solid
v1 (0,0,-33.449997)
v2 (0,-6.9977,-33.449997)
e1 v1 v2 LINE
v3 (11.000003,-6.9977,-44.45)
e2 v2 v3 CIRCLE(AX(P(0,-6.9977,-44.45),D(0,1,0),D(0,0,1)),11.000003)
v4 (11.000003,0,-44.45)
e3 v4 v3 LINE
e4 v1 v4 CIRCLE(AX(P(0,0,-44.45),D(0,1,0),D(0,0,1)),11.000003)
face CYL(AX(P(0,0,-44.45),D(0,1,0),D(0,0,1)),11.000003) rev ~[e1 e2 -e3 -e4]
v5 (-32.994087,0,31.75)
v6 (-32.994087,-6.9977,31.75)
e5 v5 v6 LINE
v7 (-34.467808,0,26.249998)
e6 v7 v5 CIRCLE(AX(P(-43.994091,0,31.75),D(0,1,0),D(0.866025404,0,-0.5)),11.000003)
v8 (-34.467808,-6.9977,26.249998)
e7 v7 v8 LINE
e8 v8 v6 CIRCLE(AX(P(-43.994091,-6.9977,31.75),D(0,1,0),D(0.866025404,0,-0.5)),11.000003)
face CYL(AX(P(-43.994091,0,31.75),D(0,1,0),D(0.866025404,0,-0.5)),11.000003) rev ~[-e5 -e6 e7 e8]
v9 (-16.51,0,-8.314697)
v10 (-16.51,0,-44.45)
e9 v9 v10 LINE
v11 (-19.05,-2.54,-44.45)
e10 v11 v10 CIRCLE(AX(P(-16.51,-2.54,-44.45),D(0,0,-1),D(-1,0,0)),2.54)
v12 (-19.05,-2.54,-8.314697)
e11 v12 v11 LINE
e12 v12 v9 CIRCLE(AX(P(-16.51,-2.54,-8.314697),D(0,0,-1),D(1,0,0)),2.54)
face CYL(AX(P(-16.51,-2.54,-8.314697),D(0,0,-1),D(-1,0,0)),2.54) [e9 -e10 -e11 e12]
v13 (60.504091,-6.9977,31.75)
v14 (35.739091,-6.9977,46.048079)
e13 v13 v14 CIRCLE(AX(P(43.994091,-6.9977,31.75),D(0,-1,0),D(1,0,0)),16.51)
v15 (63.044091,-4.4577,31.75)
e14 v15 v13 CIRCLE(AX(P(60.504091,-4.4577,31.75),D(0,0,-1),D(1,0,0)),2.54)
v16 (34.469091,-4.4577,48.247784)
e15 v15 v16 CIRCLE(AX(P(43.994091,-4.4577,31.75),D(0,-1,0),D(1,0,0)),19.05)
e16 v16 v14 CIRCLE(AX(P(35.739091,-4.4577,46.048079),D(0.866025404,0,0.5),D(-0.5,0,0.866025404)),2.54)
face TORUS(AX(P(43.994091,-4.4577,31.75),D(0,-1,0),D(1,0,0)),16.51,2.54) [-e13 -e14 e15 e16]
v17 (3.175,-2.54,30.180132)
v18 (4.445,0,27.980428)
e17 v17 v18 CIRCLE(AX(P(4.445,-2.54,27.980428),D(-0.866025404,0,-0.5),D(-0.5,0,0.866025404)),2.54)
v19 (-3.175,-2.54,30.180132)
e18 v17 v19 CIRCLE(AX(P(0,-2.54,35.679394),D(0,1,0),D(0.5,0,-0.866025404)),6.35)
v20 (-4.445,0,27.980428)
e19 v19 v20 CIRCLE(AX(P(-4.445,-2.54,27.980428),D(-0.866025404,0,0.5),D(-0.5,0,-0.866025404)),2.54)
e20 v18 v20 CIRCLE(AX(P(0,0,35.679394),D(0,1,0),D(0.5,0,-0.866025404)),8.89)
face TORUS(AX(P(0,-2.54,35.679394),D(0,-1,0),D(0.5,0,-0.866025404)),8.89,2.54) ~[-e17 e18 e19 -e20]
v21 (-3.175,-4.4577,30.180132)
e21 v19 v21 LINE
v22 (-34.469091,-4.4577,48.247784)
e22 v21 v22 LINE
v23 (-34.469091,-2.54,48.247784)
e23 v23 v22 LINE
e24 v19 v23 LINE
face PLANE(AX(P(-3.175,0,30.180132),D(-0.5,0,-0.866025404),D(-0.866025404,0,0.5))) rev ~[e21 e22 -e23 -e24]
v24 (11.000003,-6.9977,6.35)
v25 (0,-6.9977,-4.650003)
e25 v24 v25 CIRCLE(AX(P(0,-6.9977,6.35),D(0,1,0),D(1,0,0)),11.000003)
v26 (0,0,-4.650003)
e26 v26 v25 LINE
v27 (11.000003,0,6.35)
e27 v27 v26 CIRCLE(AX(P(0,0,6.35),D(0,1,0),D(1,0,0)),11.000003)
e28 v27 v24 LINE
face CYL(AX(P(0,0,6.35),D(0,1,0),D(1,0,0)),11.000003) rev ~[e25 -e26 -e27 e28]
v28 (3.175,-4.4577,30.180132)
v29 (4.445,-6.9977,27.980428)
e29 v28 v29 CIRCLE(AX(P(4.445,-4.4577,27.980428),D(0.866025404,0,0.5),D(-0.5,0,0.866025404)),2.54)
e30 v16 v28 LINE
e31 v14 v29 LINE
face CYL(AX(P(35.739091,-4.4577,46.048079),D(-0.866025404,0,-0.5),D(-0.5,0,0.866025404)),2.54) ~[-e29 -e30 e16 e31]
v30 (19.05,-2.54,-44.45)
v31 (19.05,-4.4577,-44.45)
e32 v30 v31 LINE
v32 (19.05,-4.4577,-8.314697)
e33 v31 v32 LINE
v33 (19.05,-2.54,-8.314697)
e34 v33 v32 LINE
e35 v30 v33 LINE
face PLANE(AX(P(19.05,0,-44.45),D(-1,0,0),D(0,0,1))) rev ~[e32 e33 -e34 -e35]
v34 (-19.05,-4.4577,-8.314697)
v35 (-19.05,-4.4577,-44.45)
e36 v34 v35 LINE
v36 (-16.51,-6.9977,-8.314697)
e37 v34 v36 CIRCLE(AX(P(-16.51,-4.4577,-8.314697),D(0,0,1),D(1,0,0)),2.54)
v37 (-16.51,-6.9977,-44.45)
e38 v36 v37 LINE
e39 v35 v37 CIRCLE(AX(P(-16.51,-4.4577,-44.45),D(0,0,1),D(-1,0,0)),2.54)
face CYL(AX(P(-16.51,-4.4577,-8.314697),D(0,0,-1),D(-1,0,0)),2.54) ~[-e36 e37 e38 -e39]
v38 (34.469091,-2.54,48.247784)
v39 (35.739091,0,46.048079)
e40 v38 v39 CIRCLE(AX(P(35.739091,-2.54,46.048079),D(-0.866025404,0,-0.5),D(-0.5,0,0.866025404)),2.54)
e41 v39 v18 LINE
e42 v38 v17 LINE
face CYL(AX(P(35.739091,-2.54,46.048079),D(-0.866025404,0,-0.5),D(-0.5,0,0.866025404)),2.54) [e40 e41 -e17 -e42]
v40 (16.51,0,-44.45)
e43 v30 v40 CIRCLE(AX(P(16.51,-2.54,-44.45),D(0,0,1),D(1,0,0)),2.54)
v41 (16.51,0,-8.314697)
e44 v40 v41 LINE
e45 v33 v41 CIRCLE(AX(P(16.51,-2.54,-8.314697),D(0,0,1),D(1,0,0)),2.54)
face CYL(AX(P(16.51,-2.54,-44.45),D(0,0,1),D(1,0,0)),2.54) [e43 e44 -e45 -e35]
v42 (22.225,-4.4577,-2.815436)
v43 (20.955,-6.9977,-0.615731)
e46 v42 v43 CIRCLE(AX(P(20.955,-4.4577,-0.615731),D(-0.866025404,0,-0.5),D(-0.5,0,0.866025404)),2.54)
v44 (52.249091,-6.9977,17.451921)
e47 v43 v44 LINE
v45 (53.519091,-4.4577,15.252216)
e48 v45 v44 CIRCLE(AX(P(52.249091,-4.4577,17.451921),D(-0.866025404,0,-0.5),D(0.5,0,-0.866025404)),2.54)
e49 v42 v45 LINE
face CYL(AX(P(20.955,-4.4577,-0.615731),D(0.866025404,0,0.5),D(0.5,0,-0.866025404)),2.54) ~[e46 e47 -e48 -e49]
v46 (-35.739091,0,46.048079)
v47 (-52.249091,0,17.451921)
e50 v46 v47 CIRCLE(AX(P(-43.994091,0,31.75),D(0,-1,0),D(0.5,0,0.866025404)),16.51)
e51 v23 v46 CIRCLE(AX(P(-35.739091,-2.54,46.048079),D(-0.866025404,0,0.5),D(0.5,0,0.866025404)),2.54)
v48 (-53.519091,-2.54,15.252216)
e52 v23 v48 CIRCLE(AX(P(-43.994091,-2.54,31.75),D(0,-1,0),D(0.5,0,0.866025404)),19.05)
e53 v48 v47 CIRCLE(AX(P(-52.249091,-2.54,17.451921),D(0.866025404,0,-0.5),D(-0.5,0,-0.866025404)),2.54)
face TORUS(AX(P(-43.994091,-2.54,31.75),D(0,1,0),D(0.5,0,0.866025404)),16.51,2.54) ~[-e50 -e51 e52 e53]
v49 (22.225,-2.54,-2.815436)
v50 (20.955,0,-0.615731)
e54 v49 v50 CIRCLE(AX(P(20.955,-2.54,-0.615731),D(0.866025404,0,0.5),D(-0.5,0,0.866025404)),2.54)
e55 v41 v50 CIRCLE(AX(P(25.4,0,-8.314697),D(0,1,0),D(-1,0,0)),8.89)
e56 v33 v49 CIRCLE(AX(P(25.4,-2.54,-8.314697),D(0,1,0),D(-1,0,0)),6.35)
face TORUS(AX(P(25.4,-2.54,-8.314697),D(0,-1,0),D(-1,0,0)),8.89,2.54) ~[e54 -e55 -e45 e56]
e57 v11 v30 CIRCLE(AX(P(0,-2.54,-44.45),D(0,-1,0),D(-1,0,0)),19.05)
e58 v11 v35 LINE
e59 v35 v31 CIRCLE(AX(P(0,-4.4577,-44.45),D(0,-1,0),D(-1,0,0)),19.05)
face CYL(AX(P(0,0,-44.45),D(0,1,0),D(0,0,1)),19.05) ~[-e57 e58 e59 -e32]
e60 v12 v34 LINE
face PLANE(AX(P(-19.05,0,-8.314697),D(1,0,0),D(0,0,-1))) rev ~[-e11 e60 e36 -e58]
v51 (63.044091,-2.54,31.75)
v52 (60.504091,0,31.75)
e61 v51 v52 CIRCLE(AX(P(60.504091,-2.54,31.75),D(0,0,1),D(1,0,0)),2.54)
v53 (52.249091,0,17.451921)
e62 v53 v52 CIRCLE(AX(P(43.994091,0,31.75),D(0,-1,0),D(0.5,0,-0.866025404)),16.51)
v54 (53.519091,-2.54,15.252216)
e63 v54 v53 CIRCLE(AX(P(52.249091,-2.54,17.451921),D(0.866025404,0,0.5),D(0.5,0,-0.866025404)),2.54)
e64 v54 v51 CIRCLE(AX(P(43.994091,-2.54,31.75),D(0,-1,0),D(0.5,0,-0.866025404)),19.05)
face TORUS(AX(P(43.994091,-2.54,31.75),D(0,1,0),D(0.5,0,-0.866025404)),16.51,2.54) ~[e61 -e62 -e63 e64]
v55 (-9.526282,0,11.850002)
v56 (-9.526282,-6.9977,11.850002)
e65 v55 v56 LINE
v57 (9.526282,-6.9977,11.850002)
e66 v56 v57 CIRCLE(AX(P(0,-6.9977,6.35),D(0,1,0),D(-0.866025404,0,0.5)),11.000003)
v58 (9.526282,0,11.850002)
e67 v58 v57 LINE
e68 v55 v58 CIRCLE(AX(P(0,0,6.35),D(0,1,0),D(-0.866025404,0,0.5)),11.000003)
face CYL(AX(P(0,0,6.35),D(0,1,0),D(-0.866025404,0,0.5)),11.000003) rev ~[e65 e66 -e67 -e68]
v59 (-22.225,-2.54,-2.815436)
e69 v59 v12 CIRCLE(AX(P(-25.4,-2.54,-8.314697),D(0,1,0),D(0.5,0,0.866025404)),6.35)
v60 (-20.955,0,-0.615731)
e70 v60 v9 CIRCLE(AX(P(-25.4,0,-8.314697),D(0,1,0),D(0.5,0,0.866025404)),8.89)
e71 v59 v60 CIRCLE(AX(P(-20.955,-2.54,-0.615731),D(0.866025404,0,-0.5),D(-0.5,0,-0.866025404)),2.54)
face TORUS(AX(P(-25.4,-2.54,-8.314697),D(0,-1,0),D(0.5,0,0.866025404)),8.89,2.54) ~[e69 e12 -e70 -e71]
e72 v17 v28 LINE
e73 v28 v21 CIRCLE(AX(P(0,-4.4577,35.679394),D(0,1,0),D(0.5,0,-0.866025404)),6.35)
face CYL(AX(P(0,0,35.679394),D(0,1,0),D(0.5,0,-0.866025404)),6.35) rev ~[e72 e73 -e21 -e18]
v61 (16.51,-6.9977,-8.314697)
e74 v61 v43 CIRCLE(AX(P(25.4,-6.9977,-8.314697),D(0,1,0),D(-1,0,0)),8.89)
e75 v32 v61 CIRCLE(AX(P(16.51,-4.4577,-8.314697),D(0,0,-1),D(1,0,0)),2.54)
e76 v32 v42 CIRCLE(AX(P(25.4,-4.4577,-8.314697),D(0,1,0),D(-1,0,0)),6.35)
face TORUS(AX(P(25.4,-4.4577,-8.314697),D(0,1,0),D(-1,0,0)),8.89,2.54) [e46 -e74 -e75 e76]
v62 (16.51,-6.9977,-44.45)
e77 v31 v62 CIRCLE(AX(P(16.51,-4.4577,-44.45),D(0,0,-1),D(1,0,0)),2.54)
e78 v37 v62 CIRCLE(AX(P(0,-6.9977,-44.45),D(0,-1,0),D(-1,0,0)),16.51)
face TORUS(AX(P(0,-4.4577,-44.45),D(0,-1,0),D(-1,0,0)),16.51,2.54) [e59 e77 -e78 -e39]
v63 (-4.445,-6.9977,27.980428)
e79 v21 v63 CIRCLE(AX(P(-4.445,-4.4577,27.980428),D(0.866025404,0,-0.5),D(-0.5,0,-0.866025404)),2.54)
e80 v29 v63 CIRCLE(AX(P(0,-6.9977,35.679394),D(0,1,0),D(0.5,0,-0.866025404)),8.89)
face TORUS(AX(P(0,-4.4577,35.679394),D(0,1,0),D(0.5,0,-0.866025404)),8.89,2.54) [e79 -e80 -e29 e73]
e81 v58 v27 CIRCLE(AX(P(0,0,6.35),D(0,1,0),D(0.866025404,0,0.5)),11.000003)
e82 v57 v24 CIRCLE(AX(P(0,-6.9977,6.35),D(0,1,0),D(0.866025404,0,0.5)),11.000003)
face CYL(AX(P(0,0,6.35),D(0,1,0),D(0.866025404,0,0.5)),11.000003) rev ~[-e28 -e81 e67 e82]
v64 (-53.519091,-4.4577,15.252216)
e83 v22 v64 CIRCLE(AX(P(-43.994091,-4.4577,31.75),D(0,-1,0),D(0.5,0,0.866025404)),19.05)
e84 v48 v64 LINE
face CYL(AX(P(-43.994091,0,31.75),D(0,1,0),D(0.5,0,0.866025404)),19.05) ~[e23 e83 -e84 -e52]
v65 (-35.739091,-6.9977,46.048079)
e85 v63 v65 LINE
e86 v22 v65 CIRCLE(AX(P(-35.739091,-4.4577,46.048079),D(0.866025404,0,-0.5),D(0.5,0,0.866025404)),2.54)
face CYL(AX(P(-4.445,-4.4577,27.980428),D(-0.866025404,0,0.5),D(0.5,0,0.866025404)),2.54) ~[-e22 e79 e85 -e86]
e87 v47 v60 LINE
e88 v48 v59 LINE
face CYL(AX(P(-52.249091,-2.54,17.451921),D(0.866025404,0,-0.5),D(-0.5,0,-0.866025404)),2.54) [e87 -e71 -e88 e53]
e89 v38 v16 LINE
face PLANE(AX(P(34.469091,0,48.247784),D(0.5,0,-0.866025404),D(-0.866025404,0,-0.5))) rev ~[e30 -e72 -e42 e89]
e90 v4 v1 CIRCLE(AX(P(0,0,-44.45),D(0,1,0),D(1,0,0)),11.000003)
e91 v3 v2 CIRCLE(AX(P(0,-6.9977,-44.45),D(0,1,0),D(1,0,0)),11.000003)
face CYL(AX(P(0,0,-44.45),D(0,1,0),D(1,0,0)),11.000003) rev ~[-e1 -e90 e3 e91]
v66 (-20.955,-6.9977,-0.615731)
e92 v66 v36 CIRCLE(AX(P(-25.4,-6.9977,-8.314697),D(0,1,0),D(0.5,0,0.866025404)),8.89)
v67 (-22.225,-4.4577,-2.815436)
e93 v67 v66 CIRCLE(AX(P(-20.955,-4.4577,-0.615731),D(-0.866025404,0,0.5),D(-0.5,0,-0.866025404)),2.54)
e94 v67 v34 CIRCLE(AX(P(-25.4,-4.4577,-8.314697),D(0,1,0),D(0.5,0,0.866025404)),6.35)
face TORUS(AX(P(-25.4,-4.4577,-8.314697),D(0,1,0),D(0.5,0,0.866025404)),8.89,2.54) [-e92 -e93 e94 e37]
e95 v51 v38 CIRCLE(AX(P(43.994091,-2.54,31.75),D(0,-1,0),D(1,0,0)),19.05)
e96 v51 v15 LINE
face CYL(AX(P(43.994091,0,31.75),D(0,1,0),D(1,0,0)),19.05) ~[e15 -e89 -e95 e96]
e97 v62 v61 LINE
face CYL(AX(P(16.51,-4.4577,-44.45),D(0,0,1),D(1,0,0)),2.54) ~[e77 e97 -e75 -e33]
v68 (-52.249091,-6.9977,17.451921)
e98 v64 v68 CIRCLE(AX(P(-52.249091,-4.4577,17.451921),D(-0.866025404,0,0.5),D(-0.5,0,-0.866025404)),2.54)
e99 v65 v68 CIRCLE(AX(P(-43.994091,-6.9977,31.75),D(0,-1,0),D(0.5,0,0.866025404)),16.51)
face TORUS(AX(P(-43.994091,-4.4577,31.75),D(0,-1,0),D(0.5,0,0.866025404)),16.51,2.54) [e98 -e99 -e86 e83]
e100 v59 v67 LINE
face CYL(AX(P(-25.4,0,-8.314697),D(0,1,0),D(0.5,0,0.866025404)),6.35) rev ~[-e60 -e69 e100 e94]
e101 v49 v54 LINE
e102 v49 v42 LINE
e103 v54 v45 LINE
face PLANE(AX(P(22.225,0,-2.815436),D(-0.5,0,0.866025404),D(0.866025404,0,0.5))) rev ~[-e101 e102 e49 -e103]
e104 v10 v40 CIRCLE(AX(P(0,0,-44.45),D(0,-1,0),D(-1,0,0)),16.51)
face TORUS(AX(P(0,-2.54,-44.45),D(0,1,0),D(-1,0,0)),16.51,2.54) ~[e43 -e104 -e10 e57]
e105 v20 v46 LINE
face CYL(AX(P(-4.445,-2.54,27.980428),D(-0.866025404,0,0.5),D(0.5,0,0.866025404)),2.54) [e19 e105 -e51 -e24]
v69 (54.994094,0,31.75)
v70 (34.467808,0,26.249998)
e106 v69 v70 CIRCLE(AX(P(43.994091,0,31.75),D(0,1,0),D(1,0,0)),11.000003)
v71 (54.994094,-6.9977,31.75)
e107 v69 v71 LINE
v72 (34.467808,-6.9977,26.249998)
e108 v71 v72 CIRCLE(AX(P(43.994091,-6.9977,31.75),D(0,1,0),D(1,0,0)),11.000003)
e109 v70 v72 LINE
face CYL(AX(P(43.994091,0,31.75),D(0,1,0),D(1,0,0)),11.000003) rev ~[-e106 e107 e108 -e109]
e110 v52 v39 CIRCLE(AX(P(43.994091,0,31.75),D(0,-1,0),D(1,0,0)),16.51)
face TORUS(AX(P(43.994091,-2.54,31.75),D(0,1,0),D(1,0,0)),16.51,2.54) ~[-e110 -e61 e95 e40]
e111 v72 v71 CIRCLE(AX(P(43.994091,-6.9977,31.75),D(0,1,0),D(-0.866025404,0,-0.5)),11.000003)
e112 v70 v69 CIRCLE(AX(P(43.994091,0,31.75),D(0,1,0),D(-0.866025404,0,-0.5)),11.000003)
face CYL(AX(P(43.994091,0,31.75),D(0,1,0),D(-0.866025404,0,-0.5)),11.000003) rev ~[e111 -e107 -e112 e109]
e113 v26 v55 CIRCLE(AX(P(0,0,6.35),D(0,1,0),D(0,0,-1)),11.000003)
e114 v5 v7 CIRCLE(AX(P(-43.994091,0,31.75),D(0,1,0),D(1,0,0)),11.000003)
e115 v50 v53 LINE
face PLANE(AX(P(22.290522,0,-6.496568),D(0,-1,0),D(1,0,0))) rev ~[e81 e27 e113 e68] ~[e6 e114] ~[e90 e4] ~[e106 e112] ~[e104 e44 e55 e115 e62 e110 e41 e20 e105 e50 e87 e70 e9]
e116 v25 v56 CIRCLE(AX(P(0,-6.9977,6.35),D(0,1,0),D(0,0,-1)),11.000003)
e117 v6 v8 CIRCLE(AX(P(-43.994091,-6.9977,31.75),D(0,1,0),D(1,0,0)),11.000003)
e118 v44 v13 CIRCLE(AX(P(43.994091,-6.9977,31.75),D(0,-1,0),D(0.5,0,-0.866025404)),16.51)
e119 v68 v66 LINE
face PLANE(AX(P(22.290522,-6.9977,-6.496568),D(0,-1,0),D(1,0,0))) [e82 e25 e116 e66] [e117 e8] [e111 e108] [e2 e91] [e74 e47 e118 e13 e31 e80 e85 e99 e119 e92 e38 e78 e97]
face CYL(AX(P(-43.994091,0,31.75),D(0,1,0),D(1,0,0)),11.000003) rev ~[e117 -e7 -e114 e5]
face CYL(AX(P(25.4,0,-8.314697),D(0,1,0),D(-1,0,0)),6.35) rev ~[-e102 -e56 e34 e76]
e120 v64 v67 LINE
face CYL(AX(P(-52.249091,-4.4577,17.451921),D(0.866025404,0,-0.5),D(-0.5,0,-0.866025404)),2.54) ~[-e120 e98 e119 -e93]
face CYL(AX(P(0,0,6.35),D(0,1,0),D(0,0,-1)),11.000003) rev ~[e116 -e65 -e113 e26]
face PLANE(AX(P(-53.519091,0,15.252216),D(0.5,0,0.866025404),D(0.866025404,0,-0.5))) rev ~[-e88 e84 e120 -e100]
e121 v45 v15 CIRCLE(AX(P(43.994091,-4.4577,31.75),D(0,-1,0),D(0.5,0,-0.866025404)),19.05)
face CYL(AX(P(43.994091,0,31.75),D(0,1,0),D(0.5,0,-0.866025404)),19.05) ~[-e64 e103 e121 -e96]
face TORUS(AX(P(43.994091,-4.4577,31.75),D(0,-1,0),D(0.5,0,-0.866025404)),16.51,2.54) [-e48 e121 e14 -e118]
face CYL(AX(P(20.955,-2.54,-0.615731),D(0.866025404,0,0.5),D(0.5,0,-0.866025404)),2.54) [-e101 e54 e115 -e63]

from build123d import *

# Parameters (mm, degrees)
F1_DEPTH = 6.9977
F2_R     = 2.54


with BuildPart() as f1:
    # F0 (on Front) → F1 (new body)
    with BuildSketch(Plane.XZ):
        with BuildLine():
            ThreePointArc((16.4977839421, 15.875), (18.4008869908, 11.2805028092), (19.05, 6.35))
            ThreePointArc((19.05, 6.35), (13.4703841816, -7.1203841816), (0, -12.7))
            Line((0, -12.7), (0, -25.4))
            ThreePointArc((0, -25.4), (13.4703841816, -30.9796158184), (19.05, -44.45))
            Line((19.05, -44.45), (19.05, -8.3146968374))
            ThreePointArc((19.05, -8.3146968374), (19.900738686, -5.1396968374), (22.225, -2.8154355234))
            Line((22.225, -2.8154355234), (53.5190905122, 15.2522160579))
            ThreePointArc((53.5190905122, 15.2522160579), (39.063587703, 13.3491130092), (27.4963065702, 22.225))
            Line((27.4963065702, 22.225), (16.4977839421, 15.875))
        make_face()
        with BuildLine():
            ThreePointArc((-16.4977839421, 15.875), (0, 25.4), (16.4977839421, 15.875))
            Line((16.4977839421, 15.875), (27.4963065702, 22.225))
            ThreePointArc((27.4963065702, 22.225), (25.5932035214, 36.6805028092), (34.4690905122, 48.2477839421))
            Line((34.4690905122, 48.2477839421), (3.175, 30.1801323608))
            ThreePointArc((3.175, 30.1801323608), (0, 29.3293936748), (-3.175, 30.1801323608))
            Line((-3.175, 30.1801323608), (-34.4690905122, 48.2477839421))
            ThreePointArc((-34.4690905122, 48.2477839421), (-27.4963065702, 41.275), (-24.9440905122, 31.75))
            ThreePointArc((-24.9440905122, 31.75), (-25.5932035214, 26.8194971908), (-27.4963065702, 22.225))
            Line((-27.4963065702, 22.225), (-16.4977839421, 15.875))
        make_face()
        with BuildLine():
            Line((0, -25.4), (0, -12.7))
            ThreePointArc((0, -12.7), (-16.4977839421, -3.175), (-16.4977839421, 15.875))
            Line((-16.4977839421, 15.875), (-27.4963065702, 22.225))
            ThreePointArc((-27.4963065702, 22.225), (-39.063587703, 13.3491130092), (-53.5190905122, 15.2522160579))
            Line((-53.5190905122, 15.2522160579), (-22.225, -2.8154355234))
            ThreePointArc((-22.225, -2.8154355234), (-19.900738686, -5.1396968374), (-19.05, -8.3146968374))
            Line((-19.05, -8.3146968374), (-19.05, -44.45))
            ThreePointArc((-19.05, -44.45), (-13.4703841816, -30.9796158184), (0, -25.4))
        make_face()
        with BuildLine():
            ThreePointArc((34.4690905122, 48.2477839421), (25.5932035214, 36.6805028092), (27.4963065702, 22.225))
            ThreePointArc((27.4963065702, 22.225), (39.063587703, 13.3491130092), (53.5190905122, 15.2522160579))
            ThreePointArc((53.5190905122, 15.2522160579), (60.4918744543, 22.225), (63.0440905122, 31.75))
            ThreePointArc((63.0440905122, 31.75), (53.5190905122, 48.2477839421), (34.4690905122, 48.2477839421))
        make_face()
        with BuildLine():
            ThreePointArc((54.9940939122, 31.75), (46.8411008884, 21.1248126267), (34.4678081261, 26.2499983))
            ThreePointArc((34.4678081261, 26.2499983), (41.1470801361, 42.3751873733), (54.9940939122, 31.75))
        make_face(mode=Mode.SUBTRACT)
        with BuildLine():
            ThreePointArc((19.05, -44.45), (13.4703841816, -30.9796158184), (0, -25.4))
            ThreePointArc((0, -25.4), (-13.4703841816, -30.9796158184), (-19.05, -44.45))
            ThreePointArc((-19.05, -44.45), (0, -63.5), (19.05, -44.45))
        make_face()
        with BuildLine():
            ThreePointArc((11.0000034, -44.45), (-7.7781769972, -52.2281769972), (0, -33.4499966))
            ThreePointArc((0, -33.4499966), (7.7781769972, -36.6718230028), (11.0000034, -44.45))
        make_face(mode=Mode.SUBTRACT)
        with BuildLine():
            ThreePointArc((-53.5190905122, 15.2522160579), (-39.063587703, 13.3491130092), (-27.4963065702, 22.225))
            ThreePointArc((-27.4963065702, 22.225), (-25.5932035214, 26.8194971908), (-24.9440905122, 31.75))
            ThreePointArc((-24.9440905122, 31.75), (-27.4963065702, 41.275), (-34.4690905122, 48.2477839421))
            ThreePointArc((-34.4690905122, 48.2477839421), (-60.4918744543, 41.275), (-53.5190905122, 15.2522160579))
        make_face()
        with BuildLine():
            ThreePointArc((-32.9940871122, 31.75), (-33.3689031389, 28.9029896239), (-34.4678081261, 26.2499983))
            ThreePointArc((-34.4678081261, 26.2499983), (-54.6192778856, 34.5970103761), (-32.9940871122, 31.75))
        make_face(mode=Mode.SUBTRACT)
        with BuildLine():
            ThreePointArc((-16.4977839421, 15.875), (-16.4977839421, -3.175), (0, -12.7))
            Line((0, -12.7), (0, -4.6500034))
            ThreePointArc((0, -4.6500034), (-9.5262823861, 0.8499983), (-9.5262823861, 11.8500017))
            Line((-9.5262823861, 11.8500017), (-16.4977839421, 15.875))
        make_face()
        with BuildLine():
            ThreePointArc((0, -12.7), (13.4703841816, -7.1203841816), (19.05, 6.35))
            ThreePointArc((19.05, 6.35), (18.4008869908, 11.2805028092), (16.4977839421, 15.875))
            Line((16.4977839421, 15.875), (9.5262823861, 11.8500017))
            ThreePointArc((9.5262823861, 11.8500017), (10.6251873733, 9.1970103761), (11.0000034, 6.35))
            ThreePointArc((11.0000034, 6.35), (7.7781769972, -1.4281769972), (0, -4.6500034))
            Line((0, -4.6500034), (0, -12.7))
        make_face()
        with BuildLine():
            Line((9.5262823861, 11.8500017), (16.4977839421, 15.875))
            ThreePointArc((16.4977839421, 15.875), (0, 25.4), (-16.4977839421, 15.875))
            Line((-16.4977839421, 15.875), (-9.5262823861, 11.8500017))
            ThreePointArc((-9.5262823861, 11.8500017), (0, 17.3500034), (9.5262823861, 11.8500017))
        make_face()
    extrude(amount=F1_DEPTH)

    # F2
    f2_edges = [f1.edges().sort_by_distance(p)[0] for p in [
        (0, -6.9977, -63.5),
        (0, 0, -63.5),
    ]]
    fillet(f2_edges, radius=F2_R)


solid = f1.part
